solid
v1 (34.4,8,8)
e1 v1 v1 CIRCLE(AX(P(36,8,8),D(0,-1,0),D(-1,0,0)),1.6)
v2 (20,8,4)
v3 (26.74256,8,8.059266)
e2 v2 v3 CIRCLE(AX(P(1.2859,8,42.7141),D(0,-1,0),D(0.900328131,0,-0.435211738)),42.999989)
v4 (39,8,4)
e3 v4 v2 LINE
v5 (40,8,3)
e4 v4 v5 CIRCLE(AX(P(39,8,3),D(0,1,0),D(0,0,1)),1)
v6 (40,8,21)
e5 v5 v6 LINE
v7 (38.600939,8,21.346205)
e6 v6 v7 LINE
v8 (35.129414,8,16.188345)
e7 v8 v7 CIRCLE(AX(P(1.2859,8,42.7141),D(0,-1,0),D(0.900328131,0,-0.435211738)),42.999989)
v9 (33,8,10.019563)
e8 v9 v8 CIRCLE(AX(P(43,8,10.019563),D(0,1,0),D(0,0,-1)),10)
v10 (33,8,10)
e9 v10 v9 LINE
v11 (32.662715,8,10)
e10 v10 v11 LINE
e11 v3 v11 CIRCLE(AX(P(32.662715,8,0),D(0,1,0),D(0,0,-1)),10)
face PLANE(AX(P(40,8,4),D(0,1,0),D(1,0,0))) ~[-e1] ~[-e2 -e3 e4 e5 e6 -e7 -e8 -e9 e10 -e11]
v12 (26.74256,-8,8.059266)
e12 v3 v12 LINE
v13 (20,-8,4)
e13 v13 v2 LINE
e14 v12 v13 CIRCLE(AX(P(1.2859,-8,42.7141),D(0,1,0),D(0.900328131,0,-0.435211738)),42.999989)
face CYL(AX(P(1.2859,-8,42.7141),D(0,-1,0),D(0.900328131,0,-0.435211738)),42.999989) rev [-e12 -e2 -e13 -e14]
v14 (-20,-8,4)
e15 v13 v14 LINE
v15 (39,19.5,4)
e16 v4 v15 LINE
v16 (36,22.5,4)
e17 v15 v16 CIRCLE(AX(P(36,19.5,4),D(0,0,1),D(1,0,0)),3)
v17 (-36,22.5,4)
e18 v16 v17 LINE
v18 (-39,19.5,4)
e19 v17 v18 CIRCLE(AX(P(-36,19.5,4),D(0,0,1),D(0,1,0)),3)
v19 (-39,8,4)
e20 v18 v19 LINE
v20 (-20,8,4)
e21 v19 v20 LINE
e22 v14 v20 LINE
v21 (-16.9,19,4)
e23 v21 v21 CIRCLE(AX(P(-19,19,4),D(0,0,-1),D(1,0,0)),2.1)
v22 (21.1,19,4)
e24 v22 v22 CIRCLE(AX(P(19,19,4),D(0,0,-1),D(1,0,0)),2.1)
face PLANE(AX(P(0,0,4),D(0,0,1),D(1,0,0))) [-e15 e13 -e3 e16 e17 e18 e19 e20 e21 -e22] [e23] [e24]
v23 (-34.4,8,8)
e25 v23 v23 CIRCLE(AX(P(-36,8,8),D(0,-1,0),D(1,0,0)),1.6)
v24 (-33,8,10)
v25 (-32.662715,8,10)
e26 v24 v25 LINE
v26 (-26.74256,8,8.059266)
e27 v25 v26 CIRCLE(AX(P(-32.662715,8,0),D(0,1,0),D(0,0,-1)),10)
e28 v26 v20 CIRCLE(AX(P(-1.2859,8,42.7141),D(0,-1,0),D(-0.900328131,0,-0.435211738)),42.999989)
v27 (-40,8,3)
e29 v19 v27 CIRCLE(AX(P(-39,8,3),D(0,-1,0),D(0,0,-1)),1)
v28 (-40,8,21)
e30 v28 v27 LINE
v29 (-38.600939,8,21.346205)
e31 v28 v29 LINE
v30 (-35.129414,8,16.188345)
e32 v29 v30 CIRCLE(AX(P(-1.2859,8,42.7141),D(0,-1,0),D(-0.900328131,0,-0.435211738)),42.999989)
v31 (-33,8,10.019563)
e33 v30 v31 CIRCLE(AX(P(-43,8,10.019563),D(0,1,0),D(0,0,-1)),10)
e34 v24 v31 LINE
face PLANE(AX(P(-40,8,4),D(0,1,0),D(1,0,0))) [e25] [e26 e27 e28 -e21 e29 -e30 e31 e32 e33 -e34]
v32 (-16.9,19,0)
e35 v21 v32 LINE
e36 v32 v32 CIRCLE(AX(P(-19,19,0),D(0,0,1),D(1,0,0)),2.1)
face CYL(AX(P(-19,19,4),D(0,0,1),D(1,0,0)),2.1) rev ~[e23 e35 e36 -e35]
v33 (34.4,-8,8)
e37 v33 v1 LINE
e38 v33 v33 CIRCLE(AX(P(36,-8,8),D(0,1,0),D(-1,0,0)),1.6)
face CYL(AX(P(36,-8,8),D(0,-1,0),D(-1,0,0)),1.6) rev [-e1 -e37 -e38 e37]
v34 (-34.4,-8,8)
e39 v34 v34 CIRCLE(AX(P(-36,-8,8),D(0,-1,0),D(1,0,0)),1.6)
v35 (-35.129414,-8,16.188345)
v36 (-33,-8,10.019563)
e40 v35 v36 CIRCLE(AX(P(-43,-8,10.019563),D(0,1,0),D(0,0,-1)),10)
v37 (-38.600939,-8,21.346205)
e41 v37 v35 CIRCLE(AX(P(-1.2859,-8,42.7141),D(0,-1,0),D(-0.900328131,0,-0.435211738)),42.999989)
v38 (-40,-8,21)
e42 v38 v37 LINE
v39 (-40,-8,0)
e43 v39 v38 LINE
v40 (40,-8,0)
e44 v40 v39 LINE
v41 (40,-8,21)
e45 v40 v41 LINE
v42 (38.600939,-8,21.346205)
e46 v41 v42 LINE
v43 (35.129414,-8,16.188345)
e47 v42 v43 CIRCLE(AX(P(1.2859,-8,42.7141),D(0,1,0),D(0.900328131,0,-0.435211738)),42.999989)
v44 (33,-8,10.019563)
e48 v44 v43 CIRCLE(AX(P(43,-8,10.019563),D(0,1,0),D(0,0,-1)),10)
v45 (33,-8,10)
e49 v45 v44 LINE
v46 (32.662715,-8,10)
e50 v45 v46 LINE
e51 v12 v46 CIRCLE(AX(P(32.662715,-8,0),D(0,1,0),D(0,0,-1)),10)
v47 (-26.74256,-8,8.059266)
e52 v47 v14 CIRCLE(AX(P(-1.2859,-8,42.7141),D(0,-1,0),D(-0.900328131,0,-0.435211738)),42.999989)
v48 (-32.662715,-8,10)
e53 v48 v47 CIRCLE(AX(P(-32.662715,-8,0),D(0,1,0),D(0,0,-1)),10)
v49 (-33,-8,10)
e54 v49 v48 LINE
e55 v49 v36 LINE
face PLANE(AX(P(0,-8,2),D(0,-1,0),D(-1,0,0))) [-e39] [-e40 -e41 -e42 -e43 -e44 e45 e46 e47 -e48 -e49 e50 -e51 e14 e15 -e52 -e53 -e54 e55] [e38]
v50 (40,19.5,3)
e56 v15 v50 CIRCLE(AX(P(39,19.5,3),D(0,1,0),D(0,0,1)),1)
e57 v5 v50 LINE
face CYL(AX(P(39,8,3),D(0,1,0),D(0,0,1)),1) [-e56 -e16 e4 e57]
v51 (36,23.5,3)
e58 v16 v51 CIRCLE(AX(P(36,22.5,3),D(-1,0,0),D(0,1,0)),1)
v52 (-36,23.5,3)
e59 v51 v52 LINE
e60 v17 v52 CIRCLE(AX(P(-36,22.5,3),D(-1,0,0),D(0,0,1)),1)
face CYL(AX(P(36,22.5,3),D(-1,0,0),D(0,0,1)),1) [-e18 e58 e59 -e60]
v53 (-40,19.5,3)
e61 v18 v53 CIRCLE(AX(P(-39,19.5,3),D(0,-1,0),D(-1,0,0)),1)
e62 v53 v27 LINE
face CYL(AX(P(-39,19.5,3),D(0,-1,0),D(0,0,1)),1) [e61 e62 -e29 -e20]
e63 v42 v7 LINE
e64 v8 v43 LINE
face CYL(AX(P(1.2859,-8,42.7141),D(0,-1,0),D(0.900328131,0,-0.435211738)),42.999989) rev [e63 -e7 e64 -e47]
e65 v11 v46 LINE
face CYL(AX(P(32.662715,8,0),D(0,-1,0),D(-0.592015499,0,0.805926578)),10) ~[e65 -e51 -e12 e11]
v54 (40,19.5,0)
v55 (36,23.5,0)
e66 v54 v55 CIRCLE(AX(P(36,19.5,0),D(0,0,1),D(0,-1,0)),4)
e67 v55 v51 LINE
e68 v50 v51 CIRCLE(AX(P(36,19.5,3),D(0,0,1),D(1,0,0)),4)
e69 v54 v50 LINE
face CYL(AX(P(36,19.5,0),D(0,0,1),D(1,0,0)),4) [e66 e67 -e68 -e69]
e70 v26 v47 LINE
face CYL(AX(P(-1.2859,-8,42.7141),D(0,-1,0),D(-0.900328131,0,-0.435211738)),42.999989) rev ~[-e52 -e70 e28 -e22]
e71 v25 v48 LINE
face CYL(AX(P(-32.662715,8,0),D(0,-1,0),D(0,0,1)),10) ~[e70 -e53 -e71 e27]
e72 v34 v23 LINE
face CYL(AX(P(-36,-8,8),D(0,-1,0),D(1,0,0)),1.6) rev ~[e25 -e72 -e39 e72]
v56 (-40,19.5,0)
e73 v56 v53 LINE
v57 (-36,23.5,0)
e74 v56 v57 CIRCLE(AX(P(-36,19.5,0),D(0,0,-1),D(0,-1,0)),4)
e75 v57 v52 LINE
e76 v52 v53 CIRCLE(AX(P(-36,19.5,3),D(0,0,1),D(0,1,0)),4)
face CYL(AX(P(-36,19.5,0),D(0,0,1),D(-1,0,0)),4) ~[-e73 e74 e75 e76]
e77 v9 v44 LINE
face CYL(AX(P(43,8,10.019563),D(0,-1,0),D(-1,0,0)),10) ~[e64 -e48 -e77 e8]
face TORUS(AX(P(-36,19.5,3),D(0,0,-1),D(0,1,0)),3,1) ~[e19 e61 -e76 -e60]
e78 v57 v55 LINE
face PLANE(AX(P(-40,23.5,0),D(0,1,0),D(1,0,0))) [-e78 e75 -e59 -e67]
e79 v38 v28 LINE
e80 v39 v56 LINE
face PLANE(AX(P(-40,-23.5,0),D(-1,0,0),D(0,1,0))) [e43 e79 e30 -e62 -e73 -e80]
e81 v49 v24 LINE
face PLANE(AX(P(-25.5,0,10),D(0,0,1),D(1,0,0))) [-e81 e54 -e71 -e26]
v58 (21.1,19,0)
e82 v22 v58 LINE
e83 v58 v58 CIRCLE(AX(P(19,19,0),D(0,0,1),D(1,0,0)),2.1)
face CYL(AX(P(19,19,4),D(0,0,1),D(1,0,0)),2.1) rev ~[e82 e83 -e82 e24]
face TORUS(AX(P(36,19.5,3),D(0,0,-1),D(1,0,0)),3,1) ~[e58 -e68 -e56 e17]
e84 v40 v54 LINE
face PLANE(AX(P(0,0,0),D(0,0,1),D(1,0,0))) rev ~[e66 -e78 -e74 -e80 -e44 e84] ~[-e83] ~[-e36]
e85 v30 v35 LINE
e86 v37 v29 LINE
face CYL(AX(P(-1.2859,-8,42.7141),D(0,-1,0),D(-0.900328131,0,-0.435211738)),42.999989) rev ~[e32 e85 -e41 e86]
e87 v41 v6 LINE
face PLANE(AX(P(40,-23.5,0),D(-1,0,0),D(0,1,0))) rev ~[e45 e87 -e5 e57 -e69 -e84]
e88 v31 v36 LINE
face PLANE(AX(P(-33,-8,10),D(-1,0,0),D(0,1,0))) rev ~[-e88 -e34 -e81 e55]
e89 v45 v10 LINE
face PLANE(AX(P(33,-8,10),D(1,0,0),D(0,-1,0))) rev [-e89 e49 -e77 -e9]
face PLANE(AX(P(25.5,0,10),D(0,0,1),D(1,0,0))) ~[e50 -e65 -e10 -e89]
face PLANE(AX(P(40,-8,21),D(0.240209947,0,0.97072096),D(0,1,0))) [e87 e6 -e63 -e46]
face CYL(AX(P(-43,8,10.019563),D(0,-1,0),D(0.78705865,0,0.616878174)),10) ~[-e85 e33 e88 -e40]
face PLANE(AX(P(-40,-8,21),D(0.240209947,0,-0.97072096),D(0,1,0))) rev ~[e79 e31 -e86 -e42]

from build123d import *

# Parameters (mm, degrees)
SKETCH_W        = 80
SKETCH_H        = 47
PAD_DEPTH       = 4
SKETCH001_R     = 2.1
POCKET_DEPTH    = 4.001
SKETCH002_W     = 20
SKETCH002_H     = 16
PAD001_DEPTH    = 20
SKETCH003_R     = 1.6
POCKET001_DEPTH = 223.177811
POCKET002_DEPTH = 223.177811
CHAMFER_SIZE    = 3
CHAMFER_FACE9_W = 80
CHAMFER_FACE9_H = 4
POCKET003_DEPTH = 15.5
FILLET_R        = 4
FILLET001_R     = 1
SKETCH005_W     = 15
SKETCH005_H     = 16
POCKET004_DEPTH = 9
FILLET002_R     = 10


with BuildPart() as part:
    # Sketch → Pad (new body)
    with BuildSketch(Plane.XY):
        Rectangle(SKETCH_W, SKETCH_H)
    extrude(amount=PAD_DEPTH)

    # Sketch001 (on Face6 of Pad) → Pocket (cut, through all)
    with BuildSketch(Plane.XY.offset(4)):
        with Locations((-19, 19)):
            Circle(SKETCH001_R)
        with Locations((19, 19)):
            Circle(SKETCH001_R)
        with Locations((19, -19)):
            Circle(SKETCH001_R)
        with Locations((-19, -19)):
            Circle(SKETCH001_R)
    extrude(amount=-POCKET_DEPTH, mode=Mode.SUBTRACT)

    # Sketch002 (on Face5 of Pocket) → Pad001 (join)
    with BuildSketch(Plane.XY.offset(4)):
        with Locations((-30, 0)):
            Rectangle(SKETCH002_W, SKETCH002_H)
    pad001 = extrude(amount=PAD001_DEPTH)

    # Mirrored: Pad001 across YZ
    add(pad001.mirror(Plane.YZ))

    # Sketch003 (on Face15 of Mirrored) → Pocket001 (cut, through all)
    with BuildSketch(Plane.XZ.offset(8)):
        with Locations((-36, 8)):
            Circle(SKETCH003_R)
    pocket001 = extrude(amount=-POCKET001_DEPTH, mode=Mode.SUBTRACT)

    # Mirrored001: Pocket001 across YZ
    add(pocket001.mirror(Plane.YZ), mode=Mode.SUBTRACT)

    # Sketch004 (on Face15 of Mirrored001) → Pocket002 (cut, through all)
    with BuildSketch(Plane.XZ.offset(8)):
        with BuildLine():
            ThreePointArc((-40, 24), (-31.691484, 12.308516), (-20, 4))
            Line((-20, 24), (-20, 4))
            Line((-40, 24), (-20, 24))
        make_face()
    pocket002 = extrude(amount=-POCKET002_DEPTH, mode=Mode.SUBTRACT)

    # Mirrored002: Pocket002 across Sketch004 V_Axis
    add(pocket002.mirror(Plane(origin=(0, -8, 0), x_dir=(0, -1, 0), z_dir=(1, 0, 0))), mode=Mode.SUBTRACT)

    # Chamfer
    chamfer_edges = [part.edges().sort_by_distance(p)[0] for p in [
        (-40, 0, 24),
        (40, 0, 24),
    ]]
    chamfer(chamfer_edges, length=CHAMFER_SIZE)

    # Chamfer Face9 → Pocket003 (cut)
    with BuildSketch(Plane(origin=(0, -23.5, 2), x_dir=(-1, 0, 0), z_dir=(0, -1, 0))):
        Rectangle(CHAMFER_FACE9_W, CHAMFER_FACE9_H)
    extrude(amount=-POCKET003_DEPTH, mode=Mode.SUBTRACT)

    # Fillet
    fillet_edges = [part.edges().sort_by_distance(p)[0] for p in [
        (-40, 23.5, 2),
        (40, 23.5, 2),
    ]]
    fillet(fillet_edges, radius=FILLET_R)

    # Fillet001
    fillet001_edges = [part.edges().sort_by_distance(p)[0] for p in [
        (40, 13.75, 4),
    ]]
    fillet(fillet001_edges, radius=FILLET001_R)

    # Sketch005 (on DatumPlane) → Pocket004 (cut)
    with BuildSketch(Plane.XY.offset(10)):
        with Locations((-25.5, 0)):
            Rectangle(SKETCH005_W, SKETCH005_H)
    pocket004 = extrude(amount=POCKET004_DEPTH, mode=Mode.SUBTRACT)

    # Mirrored003: Pocket004 across Sketch005 V_Axis
    add(pocket004.mirror(Plane(origin=(0, 0, 10), x_dir=(0, 0, 1), z_dir=(1, 0, 0))), mode=Mode.SUBTRACT)

    # Fillet002
    fillet002_edges = [part.edges().sort_by_distance(p)[0] for p in [
        (33, 0, 13.675937),
        (29.19265, 0, 10),
        (-33, 0, 13.675937),
        (-29.19265, 0, 10),
    ]]
    fillet(fillet002_edges, radius=FILLET002_R)


solid = part.part
